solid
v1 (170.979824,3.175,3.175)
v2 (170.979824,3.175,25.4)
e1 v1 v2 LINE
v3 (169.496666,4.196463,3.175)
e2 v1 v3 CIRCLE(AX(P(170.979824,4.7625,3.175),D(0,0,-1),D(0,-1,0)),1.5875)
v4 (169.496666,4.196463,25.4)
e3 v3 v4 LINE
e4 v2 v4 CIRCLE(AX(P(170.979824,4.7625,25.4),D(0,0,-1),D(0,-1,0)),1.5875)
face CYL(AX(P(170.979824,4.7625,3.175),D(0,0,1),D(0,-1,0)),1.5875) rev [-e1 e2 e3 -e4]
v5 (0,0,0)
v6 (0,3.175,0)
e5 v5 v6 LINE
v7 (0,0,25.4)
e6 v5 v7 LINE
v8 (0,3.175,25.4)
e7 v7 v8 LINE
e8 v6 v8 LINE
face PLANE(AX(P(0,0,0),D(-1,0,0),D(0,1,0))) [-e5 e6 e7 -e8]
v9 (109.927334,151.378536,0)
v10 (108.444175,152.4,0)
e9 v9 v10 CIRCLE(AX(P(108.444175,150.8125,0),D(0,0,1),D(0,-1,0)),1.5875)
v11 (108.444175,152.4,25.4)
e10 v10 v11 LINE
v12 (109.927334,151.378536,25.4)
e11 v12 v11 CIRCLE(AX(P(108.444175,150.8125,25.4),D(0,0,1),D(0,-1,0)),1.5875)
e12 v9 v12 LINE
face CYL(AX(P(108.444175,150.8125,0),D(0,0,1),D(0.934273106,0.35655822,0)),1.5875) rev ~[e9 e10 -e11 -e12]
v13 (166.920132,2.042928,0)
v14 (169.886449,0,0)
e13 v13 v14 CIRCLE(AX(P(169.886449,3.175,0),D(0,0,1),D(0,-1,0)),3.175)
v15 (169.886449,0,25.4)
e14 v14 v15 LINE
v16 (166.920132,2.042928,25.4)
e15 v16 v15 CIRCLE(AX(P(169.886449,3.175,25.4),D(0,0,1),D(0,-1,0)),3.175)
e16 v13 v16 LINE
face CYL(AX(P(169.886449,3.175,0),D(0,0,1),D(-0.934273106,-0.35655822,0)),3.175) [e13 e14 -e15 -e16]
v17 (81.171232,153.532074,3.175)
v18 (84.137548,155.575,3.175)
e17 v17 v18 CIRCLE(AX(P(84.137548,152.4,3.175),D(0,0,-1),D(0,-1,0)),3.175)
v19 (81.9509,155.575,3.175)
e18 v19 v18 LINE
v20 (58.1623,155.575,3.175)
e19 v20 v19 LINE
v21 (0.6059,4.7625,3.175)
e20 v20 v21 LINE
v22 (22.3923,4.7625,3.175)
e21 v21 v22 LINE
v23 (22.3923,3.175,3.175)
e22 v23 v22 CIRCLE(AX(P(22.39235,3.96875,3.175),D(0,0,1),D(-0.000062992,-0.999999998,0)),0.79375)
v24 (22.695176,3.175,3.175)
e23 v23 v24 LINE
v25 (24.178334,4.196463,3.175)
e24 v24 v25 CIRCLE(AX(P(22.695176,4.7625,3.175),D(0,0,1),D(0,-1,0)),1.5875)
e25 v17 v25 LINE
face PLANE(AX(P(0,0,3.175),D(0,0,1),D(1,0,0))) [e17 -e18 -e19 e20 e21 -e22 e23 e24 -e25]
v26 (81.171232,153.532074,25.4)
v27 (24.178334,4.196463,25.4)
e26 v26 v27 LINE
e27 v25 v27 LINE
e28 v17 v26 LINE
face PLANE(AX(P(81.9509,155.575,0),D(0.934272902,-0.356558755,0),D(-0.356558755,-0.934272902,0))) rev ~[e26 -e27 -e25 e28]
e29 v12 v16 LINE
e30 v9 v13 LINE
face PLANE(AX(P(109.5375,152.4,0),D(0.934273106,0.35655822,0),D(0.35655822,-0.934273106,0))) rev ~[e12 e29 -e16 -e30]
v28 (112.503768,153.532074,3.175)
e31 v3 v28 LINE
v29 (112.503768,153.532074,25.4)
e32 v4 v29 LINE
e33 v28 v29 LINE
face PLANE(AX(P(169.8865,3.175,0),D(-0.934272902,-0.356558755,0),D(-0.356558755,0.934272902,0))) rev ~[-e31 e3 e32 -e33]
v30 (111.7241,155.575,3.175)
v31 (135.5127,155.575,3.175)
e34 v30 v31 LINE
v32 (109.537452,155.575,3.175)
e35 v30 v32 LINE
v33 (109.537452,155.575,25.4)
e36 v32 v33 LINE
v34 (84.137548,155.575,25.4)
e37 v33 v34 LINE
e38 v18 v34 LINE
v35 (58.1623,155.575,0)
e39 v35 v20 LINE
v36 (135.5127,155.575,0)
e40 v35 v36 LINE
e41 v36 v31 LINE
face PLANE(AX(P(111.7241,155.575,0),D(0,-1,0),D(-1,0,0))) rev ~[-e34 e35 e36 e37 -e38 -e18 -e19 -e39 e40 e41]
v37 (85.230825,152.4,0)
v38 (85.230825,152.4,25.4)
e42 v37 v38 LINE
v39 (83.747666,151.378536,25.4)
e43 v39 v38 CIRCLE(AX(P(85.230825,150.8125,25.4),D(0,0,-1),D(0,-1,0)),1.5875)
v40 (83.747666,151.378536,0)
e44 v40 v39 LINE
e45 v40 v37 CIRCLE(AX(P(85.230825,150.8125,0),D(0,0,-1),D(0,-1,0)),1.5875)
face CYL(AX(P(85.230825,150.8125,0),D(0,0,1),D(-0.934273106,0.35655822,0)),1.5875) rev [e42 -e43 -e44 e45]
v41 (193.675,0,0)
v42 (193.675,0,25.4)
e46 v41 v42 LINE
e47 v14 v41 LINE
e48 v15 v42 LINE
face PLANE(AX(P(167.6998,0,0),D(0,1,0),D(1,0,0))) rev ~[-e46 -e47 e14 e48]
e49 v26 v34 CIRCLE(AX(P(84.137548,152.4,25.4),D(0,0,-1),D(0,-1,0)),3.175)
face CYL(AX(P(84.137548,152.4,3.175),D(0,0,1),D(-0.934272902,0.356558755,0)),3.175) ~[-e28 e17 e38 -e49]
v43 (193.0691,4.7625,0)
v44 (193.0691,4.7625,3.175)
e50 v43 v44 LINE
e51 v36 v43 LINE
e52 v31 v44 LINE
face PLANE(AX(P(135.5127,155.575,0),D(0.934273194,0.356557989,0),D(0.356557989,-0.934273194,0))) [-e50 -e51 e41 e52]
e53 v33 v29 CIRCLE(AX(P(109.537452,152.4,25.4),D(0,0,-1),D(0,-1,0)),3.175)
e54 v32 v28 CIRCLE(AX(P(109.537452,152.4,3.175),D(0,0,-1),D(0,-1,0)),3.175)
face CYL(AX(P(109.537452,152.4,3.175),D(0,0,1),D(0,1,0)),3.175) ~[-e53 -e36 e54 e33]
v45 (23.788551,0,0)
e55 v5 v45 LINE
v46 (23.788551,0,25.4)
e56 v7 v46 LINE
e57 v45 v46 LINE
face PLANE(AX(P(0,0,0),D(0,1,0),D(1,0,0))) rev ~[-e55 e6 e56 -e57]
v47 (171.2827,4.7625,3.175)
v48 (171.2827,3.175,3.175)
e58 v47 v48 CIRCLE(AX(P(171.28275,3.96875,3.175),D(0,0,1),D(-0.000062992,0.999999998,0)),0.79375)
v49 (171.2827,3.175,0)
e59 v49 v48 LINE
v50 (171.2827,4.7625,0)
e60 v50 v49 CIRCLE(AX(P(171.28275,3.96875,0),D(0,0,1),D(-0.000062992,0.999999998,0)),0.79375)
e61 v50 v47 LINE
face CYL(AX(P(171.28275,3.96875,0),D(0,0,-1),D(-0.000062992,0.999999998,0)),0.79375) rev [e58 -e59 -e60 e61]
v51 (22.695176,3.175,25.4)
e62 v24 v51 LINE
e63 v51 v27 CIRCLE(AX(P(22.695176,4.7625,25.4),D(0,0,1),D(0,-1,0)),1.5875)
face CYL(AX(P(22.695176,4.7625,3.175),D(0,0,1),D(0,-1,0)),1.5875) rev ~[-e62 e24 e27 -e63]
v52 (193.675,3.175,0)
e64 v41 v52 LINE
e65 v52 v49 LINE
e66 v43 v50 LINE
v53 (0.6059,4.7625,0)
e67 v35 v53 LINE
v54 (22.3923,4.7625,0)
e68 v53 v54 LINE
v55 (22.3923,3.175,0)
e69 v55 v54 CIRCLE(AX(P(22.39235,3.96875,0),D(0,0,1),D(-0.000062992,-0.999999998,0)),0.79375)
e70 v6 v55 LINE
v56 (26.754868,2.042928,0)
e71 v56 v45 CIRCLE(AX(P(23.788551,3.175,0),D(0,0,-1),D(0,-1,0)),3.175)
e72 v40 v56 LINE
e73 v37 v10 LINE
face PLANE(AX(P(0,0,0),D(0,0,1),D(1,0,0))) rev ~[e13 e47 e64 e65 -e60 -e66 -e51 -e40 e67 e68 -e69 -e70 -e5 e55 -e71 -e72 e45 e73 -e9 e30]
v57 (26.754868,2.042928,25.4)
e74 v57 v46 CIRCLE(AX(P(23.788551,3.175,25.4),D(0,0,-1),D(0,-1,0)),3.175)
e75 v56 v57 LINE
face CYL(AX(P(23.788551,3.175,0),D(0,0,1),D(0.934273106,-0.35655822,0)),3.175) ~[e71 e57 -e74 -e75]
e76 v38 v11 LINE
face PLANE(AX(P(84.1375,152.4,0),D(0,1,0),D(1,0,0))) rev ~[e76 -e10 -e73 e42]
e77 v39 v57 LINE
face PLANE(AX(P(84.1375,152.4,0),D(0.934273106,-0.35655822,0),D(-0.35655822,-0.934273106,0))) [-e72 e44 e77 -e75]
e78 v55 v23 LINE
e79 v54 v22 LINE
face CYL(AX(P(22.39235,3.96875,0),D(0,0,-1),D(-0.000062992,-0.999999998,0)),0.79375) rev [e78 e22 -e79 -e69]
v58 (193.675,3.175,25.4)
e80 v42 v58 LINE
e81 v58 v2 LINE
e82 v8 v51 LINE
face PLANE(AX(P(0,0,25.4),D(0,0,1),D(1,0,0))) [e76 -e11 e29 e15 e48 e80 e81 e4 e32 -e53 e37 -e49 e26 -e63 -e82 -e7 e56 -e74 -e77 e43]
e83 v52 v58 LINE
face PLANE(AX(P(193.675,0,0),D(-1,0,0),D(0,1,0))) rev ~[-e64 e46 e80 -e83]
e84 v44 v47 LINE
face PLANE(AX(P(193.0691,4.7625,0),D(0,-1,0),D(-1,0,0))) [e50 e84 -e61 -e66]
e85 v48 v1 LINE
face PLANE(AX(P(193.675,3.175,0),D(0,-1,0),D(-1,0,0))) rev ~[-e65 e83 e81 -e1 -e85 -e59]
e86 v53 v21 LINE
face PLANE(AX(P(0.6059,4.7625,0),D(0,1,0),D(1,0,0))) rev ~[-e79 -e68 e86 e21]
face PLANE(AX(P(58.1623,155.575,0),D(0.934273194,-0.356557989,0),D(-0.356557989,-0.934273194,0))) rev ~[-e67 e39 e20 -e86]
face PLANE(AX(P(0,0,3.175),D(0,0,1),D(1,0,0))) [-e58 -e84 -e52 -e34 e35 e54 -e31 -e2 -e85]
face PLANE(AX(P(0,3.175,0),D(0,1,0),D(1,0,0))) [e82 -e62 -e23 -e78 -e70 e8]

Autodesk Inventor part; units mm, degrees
ref_plane "YZ Plane" through (0, 0, 0) normal (1, 0, 0) x (0, 1, 0)
ref_plane "XZ Plane" through (0, 0, 0) normal (0, 1, 0) x (-1, 0, 0)
ref_plane "XY Plane" through (0, 0, 0) normal (0, 0, 1) x (1, 0, 0)
sketch "Sketch1" plane through (0, 0, 0) normal (0, 0, 1) x (1, 0, 0)
  line L0 (0, 0) -> (193.675, 0)
  line L1 (84.1375, 152.4) -> (109.5375, 152.4)
  line L2 (84.1375, 152.4) -> (25.9752, 0)
  line L3 (109.5375, 152.4) -> (167.6998, 0)
  line L4 (58.1623, 155.575) -> (0.6059, 4.7625)
  line L5 (135.5127, 155.575) -> (193.0691, 4.7625)
  line L6 (0, 0) -> (0, 3.175)
  line L7 (0, 3.175) -> (23.7885, 3.175)
  line L8 (193.675, 0) -> (193.675, 3.175)
  line L9 (193.675, 3.175) -> (169.8865, 3.175)
  line L10 (169.8865, 3.175) -> (111.7241, 155.575)
  line L11 (111.7241, 155.575) -> (81.9509, 155.575)
  line L12 (81.9509, 155.575) -> (23.7885, 3.175)
  line L13 (58.1623, 155.575) -> (81.9509, 155.575)
  line L14 (111.7241, 155.575) -> (135.5127, 155.575)
  line L15 (0.6059, 4.7625) -> (22.3923, 4.7625)
  line L16 (193.0691, 4.7625) -> (171.2827, 4.7625)
  arc A0 (22.3923, 3.175) -> (22.3923, 4.7625) centre (22.3923, 3.9688) ccw
  arc A1 (171.2827, 4.7625) -> (171.2827, 3.175) centre (171.2827, 3.9688) ccw
  dimension "d0" = 193.675
  dimension "d1" = 25.4
  dimension "d2" = 25.4
  dimension "d3" = 25.4
  dimension "d4" = 3.175
  dimension "d5" = 3.175
  dimension "d6" = 152.4
  dimension "d7" = 1.5875
  dimension "d8" = 1.5875
  dimension "d9" = 1.5875
extrude "Extrusion1" add sketch "Sketch1" along normal blind 25.4 contours L6 L7 L12 L11 L10 L9 L8 L0 L3 L1 L2
extrude "Extrusion2" add sketch "Sketch1" along normal blind 3.175 contours A0 L15 L4 L13 L12 L7 | L9 L10 L14 L5 L16 A1
fillet "Fillet1" radius 1.5875 4 edges at (169.8865, 3.175, 14.2875) (23.7885, 3.175, 14.2875) (84.1375, 152.4, 12.7) (109.5375, 152.4, 12.7)
fillet "Fillet2" radius 3.175 4 edges at (81.9509, 155.575, 14.2875) (111.7241, 155.575, 14.2875) (25.9752, 0, 12.7) (167.6998, 0, 12.7)
equation "\"d5\" = d4"
equation "\"d7\" = 0.5 * d4"
equation "\"d9\" = d8"
properties part number "bunny throw base 2"
